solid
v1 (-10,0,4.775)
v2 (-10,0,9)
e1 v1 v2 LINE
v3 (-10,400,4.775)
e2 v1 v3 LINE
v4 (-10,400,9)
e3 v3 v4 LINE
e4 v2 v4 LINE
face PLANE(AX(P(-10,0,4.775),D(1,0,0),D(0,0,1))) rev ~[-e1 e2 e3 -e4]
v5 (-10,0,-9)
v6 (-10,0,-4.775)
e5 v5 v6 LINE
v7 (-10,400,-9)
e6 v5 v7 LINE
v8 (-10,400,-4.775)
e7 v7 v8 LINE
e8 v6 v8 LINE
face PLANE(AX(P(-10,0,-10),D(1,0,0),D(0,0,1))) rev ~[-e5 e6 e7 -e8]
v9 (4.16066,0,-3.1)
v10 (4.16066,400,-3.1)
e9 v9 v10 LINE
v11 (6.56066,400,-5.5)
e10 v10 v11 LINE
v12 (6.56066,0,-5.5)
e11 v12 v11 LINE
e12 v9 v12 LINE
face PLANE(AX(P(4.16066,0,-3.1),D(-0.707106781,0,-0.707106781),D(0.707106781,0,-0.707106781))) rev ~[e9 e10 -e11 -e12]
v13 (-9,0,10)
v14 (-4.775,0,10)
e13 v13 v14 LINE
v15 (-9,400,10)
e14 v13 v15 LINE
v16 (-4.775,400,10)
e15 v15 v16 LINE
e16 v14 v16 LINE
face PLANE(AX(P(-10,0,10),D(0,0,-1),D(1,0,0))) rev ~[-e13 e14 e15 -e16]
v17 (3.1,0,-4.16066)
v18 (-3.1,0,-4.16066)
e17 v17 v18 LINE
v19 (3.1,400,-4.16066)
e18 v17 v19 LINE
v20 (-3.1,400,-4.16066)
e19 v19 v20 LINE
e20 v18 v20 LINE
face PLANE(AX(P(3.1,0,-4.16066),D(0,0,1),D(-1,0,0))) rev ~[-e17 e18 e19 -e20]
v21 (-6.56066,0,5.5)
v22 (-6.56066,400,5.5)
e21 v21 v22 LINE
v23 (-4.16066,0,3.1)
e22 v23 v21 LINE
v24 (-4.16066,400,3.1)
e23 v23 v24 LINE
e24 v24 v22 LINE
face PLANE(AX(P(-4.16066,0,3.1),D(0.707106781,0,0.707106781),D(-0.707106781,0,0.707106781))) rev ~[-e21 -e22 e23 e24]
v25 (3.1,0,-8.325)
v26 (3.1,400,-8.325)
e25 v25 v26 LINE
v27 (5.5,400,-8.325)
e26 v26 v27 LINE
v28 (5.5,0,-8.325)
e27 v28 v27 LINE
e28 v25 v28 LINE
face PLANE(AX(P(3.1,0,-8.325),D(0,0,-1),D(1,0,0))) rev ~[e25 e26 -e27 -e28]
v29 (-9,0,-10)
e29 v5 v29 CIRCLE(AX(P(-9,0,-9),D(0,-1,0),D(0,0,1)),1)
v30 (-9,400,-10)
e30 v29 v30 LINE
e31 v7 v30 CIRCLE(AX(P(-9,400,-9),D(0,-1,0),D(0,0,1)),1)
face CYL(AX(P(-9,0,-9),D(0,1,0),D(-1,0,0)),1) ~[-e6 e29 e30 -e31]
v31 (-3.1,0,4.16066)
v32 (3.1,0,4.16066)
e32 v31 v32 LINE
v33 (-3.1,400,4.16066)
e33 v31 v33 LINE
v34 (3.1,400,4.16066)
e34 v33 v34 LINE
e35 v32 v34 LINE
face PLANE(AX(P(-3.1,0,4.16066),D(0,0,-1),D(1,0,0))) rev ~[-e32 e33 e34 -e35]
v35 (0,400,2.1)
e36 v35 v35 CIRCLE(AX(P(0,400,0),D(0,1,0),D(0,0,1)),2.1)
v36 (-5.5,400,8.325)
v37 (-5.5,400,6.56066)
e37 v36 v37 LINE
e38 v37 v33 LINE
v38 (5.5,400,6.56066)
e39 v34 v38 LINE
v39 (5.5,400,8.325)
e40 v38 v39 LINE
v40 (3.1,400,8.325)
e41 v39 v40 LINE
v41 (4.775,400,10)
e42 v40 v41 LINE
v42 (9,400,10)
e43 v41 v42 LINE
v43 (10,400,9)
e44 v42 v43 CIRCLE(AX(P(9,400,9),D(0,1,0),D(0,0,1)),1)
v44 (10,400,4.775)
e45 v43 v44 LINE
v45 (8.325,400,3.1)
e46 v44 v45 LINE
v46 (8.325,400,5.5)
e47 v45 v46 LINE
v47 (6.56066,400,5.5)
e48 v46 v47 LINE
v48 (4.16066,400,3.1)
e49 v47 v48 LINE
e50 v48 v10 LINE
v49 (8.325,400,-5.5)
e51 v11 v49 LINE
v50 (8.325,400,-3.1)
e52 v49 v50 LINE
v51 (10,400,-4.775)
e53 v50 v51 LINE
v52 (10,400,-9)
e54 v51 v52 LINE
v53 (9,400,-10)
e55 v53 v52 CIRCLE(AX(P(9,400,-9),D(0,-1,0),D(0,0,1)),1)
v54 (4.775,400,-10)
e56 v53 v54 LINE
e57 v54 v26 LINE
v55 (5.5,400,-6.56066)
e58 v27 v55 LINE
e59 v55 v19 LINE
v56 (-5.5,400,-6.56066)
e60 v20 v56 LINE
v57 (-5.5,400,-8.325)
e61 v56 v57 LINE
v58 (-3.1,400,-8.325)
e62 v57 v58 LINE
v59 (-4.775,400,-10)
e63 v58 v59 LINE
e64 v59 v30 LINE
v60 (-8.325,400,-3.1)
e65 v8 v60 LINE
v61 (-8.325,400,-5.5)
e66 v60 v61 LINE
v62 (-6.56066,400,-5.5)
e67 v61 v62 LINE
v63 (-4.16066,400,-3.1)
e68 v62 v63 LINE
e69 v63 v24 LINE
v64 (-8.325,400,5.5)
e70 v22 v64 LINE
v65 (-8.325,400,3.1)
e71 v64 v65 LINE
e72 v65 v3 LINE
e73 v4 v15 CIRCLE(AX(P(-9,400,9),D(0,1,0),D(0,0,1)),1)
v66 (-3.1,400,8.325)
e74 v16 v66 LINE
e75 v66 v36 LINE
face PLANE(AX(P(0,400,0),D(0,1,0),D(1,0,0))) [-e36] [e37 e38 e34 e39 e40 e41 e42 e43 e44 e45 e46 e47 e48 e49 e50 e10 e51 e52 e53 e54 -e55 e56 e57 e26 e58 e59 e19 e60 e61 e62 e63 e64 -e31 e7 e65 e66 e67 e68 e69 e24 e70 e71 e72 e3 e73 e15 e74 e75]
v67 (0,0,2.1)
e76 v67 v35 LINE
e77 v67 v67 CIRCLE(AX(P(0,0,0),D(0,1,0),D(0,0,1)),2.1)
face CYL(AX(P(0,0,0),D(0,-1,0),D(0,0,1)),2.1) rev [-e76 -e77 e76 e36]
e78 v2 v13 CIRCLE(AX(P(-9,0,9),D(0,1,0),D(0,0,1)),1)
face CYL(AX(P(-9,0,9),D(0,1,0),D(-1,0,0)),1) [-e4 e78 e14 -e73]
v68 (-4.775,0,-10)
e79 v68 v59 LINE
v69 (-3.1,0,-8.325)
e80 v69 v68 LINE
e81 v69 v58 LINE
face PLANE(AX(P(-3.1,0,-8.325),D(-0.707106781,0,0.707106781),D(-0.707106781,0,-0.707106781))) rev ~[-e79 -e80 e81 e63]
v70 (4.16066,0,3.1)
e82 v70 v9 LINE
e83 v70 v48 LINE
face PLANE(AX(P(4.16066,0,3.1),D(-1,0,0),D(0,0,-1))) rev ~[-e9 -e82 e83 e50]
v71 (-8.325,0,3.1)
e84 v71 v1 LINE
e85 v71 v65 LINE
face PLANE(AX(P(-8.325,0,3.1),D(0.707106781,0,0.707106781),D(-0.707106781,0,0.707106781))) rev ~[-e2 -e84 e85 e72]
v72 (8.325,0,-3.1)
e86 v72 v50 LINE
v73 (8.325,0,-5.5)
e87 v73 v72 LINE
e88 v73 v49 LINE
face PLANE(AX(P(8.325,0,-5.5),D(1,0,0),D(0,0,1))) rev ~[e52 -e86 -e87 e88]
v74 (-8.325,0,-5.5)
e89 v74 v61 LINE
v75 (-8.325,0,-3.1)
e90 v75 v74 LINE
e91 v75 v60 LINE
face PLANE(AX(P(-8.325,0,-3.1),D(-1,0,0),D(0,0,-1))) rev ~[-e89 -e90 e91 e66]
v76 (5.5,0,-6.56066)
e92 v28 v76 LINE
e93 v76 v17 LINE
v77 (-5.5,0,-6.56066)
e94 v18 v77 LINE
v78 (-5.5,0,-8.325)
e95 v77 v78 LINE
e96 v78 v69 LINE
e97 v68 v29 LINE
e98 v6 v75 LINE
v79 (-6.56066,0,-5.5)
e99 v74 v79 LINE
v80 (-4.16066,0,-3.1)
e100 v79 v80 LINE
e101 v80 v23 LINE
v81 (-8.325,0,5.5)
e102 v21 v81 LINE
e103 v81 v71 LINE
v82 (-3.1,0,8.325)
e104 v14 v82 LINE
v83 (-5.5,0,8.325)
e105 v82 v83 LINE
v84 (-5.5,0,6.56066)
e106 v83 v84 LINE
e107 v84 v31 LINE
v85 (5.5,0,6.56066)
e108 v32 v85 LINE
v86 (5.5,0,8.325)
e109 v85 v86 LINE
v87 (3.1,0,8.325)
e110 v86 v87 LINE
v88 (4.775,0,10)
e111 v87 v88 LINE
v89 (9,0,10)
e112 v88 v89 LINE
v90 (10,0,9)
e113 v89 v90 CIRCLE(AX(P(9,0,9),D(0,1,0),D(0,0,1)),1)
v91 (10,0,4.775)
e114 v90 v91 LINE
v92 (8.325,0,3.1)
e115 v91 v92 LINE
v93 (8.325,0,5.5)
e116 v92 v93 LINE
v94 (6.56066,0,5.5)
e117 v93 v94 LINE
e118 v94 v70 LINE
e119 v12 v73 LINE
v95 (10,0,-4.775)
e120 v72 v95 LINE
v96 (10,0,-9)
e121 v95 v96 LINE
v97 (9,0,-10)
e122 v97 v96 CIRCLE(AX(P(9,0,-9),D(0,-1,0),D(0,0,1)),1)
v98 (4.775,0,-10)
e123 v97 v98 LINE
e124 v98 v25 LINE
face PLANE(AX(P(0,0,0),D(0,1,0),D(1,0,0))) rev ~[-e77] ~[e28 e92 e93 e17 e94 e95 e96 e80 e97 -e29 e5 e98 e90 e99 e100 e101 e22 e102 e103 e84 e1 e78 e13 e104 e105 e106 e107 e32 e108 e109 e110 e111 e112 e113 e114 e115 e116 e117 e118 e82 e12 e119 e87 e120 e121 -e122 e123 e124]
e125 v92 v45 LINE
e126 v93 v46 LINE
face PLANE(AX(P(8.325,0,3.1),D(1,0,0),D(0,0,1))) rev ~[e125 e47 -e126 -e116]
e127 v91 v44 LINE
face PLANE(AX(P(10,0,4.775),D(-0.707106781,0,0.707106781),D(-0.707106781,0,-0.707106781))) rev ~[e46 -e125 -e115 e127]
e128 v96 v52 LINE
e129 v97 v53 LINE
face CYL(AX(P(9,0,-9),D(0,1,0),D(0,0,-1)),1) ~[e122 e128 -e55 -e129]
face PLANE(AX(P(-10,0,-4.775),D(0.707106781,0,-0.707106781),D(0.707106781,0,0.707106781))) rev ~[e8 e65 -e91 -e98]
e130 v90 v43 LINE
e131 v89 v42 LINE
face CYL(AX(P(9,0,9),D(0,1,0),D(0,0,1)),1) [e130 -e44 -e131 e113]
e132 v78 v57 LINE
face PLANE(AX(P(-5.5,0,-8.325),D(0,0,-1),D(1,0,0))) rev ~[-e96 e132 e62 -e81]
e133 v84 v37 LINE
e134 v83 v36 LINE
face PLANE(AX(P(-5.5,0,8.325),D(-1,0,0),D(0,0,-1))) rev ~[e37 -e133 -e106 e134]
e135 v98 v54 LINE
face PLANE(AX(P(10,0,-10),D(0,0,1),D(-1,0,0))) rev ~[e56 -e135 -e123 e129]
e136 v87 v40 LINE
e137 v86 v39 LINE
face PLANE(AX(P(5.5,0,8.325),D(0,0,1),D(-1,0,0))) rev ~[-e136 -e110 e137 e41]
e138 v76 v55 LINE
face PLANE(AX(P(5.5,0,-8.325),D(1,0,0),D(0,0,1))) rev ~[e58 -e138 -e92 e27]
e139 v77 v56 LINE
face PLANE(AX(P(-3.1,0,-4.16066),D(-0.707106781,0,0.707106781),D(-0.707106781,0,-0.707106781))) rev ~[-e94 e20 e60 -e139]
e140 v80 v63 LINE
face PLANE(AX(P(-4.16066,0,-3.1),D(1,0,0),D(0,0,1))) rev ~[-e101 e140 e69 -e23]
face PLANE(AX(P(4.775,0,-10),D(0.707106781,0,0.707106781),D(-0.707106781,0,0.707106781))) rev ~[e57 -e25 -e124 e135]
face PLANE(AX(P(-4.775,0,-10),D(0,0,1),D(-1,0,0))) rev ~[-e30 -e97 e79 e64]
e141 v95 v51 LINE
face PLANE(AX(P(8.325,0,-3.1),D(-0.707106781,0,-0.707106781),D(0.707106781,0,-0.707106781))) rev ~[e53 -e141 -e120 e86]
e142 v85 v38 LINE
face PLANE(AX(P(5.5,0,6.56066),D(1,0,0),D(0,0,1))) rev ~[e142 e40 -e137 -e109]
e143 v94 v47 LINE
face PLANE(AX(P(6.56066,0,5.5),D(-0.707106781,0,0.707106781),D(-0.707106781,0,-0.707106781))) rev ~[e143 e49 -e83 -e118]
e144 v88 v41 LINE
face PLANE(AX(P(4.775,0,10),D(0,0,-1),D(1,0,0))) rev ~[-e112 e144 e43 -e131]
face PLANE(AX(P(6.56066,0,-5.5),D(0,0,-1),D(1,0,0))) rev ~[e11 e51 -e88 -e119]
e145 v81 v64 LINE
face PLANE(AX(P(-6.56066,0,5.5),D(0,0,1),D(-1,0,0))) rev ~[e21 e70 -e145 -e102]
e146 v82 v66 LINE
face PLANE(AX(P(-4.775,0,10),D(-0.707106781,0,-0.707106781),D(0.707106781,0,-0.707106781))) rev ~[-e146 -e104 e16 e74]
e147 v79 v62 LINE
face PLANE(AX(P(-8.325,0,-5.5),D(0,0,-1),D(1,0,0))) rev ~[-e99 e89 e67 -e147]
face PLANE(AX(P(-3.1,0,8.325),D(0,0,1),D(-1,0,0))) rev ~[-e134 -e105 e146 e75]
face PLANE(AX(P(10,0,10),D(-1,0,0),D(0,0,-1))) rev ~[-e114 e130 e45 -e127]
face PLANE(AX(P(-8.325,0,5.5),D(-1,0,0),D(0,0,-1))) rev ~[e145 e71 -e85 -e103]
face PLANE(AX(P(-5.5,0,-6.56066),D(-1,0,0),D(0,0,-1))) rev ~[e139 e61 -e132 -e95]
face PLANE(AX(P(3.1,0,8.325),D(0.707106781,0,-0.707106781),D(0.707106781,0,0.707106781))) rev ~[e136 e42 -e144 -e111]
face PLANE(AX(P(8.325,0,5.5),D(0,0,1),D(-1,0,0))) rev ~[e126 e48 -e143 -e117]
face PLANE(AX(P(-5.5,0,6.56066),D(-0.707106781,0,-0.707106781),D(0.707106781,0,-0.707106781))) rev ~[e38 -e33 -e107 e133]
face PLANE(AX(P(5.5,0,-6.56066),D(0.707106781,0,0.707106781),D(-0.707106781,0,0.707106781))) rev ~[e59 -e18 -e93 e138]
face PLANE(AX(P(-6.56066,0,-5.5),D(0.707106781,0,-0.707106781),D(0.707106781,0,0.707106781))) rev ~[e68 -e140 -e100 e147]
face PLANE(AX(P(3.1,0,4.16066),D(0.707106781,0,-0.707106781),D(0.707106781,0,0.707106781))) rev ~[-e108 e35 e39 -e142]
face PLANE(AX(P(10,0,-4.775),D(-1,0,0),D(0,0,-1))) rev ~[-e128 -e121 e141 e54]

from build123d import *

# Parameters (mm, degrees)
MASTERLAYOUTSKETCH_R = 2.1
MAIN_EXTRUSION_DEPTH = 400
EDGE_FILLETS_R       = 1


with BuildPart() as part:
    # MasterLayoutSketch → Main Extrusion (new body)
    with BuildSketch(Plane(origin=(0, 0, 0), x_dir=(1, 0, 0), z_dir=(0, 1, 0))):
        Polygon((-8.325, 3.1), (-8.325, 5.5), (-6.560660172, 5.5), (-4.160660172, 3.1), (-4.160660172, -3.1), (-6.560660172, -5.5), (-8.325, -5.5), (-8.325, -3.1), (-10, -4.775), (-10, -10), (-4.775, -10), (-3.1, -8.325), (-5.5, -8.325), (-5.5, -6.560660172), (-3.1, -4.160660172), (3.1, -4.160660172), (5.5, -6.560660172), (5.5, -8.325), (3.1, -8.325), (4.775, -10), (10, -10), (10, -4.775), (8.325, -3.1), (8.325, -5.5), (6.560660172, -5.5), (4.160660172, -3.1), (4.160660172, 3.1), (6.560660172, 5.5), (8.325, 5.5), (8.325, 3.1), (10, 4.775), (10, 10), (4.775, 10), (3.1, 8.325), (5.5, 8.325), (5.5, 6.560660172), (3.1, 4.160660172), (-3.1, 4.160660172), (-5.5, 6.560660172), (-5.5, 8.325), (-3.1, 8.325), (-4.775, 10), (-10, 10), (-10, 4.775), align=None)
        with Locations(Location((0, 0, 0), (0, 0, 270))):
            Circle(MASTERLAYOUTSKETCH_R, mode=Mode.SUBTRACT)
    extrude(amount=MAIN_EXTRUSION_DEPTH)

    # Edge Fillets
    edge_fillets_edges = [part.edges().sort_by_distance(p)[0] for p in [
        (10, 200, -10),
        (10, 200, 10),
        (-10, 200, 10),
        (-10, 200, -10),
    ]]
    fillet(edge_fillets_edges, radius=EDGE_FILLETS_R)


solid = part.part
